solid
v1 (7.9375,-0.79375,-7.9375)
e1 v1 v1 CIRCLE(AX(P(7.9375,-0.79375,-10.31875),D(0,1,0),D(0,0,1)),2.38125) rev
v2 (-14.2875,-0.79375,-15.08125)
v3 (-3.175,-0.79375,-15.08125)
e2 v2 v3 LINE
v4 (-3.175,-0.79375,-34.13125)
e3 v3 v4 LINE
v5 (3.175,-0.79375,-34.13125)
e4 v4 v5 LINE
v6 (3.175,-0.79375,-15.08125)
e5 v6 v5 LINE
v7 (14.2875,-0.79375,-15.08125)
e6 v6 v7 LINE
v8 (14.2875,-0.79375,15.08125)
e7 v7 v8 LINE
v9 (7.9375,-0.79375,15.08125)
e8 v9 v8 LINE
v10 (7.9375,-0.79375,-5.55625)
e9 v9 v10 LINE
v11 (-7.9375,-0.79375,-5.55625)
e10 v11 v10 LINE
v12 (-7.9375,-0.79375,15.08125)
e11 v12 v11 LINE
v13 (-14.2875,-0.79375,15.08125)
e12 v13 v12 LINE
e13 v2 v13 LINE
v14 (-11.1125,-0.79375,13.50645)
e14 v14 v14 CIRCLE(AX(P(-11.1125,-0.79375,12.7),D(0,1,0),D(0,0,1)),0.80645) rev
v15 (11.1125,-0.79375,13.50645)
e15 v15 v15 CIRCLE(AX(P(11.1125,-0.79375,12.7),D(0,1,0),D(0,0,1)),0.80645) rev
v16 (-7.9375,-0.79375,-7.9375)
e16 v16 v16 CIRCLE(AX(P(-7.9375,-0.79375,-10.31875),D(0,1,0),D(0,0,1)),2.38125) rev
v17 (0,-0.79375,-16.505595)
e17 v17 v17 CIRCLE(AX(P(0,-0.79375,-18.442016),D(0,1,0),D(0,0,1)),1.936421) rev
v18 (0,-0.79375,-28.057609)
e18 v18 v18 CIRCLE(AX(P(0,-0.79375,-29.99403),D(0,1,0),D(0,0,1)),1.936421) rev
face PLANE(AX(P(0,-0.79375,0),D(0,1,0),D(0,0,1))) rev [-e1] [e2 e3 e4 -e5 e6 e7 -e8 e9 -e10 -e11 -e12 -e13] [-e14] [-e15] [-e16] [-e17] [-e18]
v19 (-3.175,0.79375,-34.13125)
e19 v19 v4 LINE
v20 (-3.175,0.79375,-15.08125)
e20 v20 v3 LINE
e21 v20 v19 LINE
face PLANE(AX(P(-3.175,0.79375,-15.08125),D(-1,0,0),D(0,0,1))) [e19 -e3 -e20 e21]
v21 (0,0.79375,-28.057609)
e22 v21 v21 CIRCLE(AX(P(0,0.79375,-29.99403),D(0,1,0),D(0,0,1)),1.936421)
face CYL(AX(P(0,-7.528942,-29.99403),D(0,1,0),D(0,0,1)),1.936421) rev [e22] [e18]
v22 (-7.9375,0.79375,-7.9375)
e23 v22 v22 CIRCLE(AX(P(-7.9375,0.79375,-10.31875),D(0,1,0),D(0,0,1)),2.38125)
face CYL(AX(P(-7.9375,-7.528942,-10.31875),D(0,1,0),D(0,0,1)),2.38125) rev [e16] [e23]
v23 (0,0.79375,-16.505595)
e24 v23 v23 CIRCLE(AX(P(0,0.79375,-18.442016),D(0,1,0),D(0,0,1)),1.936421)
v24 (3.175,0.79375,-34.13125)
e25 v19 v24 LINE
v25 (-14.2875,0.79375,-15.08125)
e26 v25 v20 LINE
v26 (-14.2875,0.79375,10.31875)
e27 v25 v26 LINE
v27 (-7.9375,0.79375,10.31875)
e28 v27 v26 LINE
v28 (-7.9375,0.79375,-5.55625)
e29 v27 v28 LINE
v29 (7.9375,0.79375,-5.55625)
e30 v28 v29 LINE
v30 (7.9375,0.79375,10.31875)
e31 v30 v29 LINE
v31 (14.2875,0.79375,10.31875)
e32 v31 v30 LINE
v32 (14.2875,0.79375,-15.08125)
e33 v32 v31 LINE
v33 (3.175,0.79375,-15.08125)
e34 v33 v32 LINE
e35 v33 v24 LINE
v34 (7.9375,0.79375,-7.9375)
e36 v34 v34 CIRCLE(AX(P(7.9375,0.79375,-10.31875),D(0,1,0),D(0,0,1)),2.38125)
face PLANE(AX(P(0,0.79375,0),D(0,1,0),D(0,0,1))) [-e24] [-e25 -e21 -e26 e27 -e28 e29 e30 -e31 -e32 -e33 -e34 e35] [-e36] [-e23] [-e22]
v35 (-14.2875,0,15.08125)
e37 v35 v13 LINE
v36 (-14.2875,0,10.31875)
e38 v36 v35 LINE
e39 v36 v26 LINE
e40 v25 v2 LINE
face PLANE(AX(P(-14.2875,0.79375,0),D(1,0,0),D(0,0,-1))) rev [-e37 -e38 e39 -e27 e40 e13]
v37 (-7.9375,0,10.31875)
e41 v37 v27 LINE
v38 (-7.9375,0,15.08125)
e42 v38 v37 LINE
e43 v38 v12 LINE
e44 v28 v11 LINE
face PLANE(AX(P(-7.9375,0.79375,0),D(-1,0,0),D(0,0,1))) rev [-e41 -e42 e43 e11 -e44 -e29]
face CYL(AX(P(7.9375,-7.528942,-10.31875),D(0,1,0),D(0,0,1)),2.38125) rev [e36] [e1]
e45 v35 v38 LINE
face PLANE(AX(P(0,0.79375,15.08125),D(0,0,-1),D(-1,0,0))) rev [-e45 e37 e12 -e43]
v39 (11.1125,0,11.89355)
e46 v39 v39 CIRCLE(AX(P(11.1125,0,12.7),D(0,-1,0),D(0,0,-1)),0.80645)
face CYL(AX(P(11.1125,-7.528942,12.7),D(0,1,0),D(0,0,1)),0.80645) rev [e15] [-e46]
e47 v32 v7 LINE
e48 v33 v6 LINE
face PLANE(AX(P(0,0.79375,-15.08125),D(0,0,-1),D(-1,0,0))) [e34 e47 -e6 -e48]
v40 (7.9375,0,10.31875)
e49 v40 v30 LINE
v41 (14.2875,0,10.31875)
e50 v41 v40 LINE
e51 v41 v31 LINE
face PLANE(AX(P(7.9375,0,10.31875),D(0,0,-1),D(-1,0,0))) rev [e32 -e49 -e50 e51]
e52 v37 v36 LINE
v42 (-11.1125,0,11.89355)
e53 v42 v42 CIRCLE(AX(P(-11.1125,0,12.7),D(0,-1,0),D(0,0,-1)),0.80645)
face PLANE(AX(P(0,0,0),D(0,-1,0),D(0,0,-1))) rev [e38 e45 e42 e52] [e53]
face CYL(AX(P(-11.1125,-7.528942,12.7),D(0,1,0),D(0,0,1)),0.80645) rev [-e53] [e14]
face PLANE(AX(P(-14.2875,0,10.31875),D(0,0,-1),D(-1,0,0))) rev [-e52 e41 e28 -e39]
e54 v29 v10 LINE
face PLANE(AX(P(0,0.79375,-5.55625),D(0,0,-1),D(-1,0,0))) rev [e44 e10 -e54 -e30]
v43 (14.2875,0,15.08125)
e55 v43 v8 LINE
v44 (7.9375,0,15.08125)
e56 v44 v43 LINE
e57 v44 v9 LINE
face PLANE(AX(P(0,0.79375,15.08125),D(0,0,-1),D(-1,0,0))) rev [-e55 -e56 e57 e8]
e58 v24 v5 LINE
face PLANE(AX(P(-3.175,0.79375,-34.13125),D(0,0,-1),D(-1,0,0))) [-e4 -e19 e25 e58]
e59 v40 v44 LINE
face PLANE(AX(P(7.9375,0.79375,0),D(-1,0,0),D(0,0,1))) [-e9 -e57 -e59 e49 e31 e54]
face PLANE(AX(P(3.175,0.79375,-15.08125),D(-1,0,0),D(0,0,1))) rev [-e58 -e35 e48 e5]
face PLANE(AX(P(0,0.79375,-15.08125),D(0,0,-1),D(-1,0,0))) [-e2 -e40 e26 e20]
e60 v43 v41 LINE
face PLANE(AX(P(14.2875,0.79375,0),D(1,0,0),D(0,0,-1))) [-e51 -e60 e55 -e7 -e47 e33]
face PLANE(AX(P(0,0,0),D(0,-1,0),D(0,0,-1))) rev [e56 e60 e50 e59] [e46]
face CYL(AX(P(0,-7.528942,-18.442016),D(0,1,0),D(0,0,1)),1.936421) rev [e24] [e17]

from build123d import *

# Parameters (mm, degrees)
SKETCH1_W           = 6.35
SKETCH1_H           = 19.05
BOSS_EXTRUDE1_DEPTH = 0.79375
SKETCH2_W           = 6.35
SKETCH2_H           = 4.7625
CUT_EXTRUDE1_DEPTH  = 0.79375
SKETCH3_R           = 0.80645
SKETCH3_R_2         = 2.38125
SKETCH3_R_3         = 1.936420783
CUT_EXTRUDE2_DEPTH  = 1.5875


with BuildPart() as part:
    # Sketch1 → Boss-Extrude1 (new, symmetric)
    with BuildSketch(Plane(origin=(0, 0, 0), x_dir=(1, 0, 0), z_dir=(0, 1, 0))):
        Polygon((-3.175, 15.08125), (-14.2875, 15.08125), (-14.2875, -15.08125), (-7.9375, -15.08125), (-7.9375, 5.55625), (7.9375, 5.55625), (7.9375, -15.08125), (14.2875, -15.08125), (14.2875, 15.08125), (3.175, 15.08125), align=None)
        with Locations((0, 24.60625)):
            Rectangle(SKETCH1_W, SKETCH1_H)
    extrude(amount=BOSS_EXTRUDE1_DEPTH, both=True)

    # Sketch2 → Cut-Extrude1 (cut)
    with BuildSketch(Plane(origin=(0, 0.79375, 0), x_dir=(1, 0, 0), z_dir=(0, 1, 0))):
        with Locations((-11.1125, -12.7)):
            Rectangle(SKETCH2_W, SKETCH2_H)
        with Locations((11.1125, -12.7)):
            Rectangle(SKETCH2_W, SKETCH2_H)
    extrude(amount=-CUT_EXTRUDE1_DEPTH, mode=Mode.SUBTRACT)

    # Sketch3 → Cut-Extrude2 (cut)
    with BuildSketch(Plane(origin=(0, 0.79375, 0), x_dir=(1, 0, 0), z_dir=(0, 1, 0))):
        with Locations(Location((-11.1125, -12.7, 0), (0, 0, 270))):
            Circle(SKETCH3_R)
        with Locations(Location((-7.9375, 10.31875, 0), (0, 0, 270))):
            Circle(SKETCH3_R_2)
        with Locations(Location((11.1125, -12.7, 0), (0, 0, 270))):
            Circle(SKETCH3_R)
        with Locations(Location((7.9375, 10.31875, 0), (0, 0, 270))):
            Circle(SKETCH3_R_2)
        with Locations(Location((0, 18.44201602, 0), (0, 0, 270))):
            Circle(SKETCH3_R_3)
        with Locations(Location((0, 29.994029814, 0), (0, 0, 270))):
            Circle(SKETCH3_R_3)
    extrude(amount=-CUT_EXTRUDE2_DEPTH, mode=Mode.SUBTRACT)


solid = part.part
